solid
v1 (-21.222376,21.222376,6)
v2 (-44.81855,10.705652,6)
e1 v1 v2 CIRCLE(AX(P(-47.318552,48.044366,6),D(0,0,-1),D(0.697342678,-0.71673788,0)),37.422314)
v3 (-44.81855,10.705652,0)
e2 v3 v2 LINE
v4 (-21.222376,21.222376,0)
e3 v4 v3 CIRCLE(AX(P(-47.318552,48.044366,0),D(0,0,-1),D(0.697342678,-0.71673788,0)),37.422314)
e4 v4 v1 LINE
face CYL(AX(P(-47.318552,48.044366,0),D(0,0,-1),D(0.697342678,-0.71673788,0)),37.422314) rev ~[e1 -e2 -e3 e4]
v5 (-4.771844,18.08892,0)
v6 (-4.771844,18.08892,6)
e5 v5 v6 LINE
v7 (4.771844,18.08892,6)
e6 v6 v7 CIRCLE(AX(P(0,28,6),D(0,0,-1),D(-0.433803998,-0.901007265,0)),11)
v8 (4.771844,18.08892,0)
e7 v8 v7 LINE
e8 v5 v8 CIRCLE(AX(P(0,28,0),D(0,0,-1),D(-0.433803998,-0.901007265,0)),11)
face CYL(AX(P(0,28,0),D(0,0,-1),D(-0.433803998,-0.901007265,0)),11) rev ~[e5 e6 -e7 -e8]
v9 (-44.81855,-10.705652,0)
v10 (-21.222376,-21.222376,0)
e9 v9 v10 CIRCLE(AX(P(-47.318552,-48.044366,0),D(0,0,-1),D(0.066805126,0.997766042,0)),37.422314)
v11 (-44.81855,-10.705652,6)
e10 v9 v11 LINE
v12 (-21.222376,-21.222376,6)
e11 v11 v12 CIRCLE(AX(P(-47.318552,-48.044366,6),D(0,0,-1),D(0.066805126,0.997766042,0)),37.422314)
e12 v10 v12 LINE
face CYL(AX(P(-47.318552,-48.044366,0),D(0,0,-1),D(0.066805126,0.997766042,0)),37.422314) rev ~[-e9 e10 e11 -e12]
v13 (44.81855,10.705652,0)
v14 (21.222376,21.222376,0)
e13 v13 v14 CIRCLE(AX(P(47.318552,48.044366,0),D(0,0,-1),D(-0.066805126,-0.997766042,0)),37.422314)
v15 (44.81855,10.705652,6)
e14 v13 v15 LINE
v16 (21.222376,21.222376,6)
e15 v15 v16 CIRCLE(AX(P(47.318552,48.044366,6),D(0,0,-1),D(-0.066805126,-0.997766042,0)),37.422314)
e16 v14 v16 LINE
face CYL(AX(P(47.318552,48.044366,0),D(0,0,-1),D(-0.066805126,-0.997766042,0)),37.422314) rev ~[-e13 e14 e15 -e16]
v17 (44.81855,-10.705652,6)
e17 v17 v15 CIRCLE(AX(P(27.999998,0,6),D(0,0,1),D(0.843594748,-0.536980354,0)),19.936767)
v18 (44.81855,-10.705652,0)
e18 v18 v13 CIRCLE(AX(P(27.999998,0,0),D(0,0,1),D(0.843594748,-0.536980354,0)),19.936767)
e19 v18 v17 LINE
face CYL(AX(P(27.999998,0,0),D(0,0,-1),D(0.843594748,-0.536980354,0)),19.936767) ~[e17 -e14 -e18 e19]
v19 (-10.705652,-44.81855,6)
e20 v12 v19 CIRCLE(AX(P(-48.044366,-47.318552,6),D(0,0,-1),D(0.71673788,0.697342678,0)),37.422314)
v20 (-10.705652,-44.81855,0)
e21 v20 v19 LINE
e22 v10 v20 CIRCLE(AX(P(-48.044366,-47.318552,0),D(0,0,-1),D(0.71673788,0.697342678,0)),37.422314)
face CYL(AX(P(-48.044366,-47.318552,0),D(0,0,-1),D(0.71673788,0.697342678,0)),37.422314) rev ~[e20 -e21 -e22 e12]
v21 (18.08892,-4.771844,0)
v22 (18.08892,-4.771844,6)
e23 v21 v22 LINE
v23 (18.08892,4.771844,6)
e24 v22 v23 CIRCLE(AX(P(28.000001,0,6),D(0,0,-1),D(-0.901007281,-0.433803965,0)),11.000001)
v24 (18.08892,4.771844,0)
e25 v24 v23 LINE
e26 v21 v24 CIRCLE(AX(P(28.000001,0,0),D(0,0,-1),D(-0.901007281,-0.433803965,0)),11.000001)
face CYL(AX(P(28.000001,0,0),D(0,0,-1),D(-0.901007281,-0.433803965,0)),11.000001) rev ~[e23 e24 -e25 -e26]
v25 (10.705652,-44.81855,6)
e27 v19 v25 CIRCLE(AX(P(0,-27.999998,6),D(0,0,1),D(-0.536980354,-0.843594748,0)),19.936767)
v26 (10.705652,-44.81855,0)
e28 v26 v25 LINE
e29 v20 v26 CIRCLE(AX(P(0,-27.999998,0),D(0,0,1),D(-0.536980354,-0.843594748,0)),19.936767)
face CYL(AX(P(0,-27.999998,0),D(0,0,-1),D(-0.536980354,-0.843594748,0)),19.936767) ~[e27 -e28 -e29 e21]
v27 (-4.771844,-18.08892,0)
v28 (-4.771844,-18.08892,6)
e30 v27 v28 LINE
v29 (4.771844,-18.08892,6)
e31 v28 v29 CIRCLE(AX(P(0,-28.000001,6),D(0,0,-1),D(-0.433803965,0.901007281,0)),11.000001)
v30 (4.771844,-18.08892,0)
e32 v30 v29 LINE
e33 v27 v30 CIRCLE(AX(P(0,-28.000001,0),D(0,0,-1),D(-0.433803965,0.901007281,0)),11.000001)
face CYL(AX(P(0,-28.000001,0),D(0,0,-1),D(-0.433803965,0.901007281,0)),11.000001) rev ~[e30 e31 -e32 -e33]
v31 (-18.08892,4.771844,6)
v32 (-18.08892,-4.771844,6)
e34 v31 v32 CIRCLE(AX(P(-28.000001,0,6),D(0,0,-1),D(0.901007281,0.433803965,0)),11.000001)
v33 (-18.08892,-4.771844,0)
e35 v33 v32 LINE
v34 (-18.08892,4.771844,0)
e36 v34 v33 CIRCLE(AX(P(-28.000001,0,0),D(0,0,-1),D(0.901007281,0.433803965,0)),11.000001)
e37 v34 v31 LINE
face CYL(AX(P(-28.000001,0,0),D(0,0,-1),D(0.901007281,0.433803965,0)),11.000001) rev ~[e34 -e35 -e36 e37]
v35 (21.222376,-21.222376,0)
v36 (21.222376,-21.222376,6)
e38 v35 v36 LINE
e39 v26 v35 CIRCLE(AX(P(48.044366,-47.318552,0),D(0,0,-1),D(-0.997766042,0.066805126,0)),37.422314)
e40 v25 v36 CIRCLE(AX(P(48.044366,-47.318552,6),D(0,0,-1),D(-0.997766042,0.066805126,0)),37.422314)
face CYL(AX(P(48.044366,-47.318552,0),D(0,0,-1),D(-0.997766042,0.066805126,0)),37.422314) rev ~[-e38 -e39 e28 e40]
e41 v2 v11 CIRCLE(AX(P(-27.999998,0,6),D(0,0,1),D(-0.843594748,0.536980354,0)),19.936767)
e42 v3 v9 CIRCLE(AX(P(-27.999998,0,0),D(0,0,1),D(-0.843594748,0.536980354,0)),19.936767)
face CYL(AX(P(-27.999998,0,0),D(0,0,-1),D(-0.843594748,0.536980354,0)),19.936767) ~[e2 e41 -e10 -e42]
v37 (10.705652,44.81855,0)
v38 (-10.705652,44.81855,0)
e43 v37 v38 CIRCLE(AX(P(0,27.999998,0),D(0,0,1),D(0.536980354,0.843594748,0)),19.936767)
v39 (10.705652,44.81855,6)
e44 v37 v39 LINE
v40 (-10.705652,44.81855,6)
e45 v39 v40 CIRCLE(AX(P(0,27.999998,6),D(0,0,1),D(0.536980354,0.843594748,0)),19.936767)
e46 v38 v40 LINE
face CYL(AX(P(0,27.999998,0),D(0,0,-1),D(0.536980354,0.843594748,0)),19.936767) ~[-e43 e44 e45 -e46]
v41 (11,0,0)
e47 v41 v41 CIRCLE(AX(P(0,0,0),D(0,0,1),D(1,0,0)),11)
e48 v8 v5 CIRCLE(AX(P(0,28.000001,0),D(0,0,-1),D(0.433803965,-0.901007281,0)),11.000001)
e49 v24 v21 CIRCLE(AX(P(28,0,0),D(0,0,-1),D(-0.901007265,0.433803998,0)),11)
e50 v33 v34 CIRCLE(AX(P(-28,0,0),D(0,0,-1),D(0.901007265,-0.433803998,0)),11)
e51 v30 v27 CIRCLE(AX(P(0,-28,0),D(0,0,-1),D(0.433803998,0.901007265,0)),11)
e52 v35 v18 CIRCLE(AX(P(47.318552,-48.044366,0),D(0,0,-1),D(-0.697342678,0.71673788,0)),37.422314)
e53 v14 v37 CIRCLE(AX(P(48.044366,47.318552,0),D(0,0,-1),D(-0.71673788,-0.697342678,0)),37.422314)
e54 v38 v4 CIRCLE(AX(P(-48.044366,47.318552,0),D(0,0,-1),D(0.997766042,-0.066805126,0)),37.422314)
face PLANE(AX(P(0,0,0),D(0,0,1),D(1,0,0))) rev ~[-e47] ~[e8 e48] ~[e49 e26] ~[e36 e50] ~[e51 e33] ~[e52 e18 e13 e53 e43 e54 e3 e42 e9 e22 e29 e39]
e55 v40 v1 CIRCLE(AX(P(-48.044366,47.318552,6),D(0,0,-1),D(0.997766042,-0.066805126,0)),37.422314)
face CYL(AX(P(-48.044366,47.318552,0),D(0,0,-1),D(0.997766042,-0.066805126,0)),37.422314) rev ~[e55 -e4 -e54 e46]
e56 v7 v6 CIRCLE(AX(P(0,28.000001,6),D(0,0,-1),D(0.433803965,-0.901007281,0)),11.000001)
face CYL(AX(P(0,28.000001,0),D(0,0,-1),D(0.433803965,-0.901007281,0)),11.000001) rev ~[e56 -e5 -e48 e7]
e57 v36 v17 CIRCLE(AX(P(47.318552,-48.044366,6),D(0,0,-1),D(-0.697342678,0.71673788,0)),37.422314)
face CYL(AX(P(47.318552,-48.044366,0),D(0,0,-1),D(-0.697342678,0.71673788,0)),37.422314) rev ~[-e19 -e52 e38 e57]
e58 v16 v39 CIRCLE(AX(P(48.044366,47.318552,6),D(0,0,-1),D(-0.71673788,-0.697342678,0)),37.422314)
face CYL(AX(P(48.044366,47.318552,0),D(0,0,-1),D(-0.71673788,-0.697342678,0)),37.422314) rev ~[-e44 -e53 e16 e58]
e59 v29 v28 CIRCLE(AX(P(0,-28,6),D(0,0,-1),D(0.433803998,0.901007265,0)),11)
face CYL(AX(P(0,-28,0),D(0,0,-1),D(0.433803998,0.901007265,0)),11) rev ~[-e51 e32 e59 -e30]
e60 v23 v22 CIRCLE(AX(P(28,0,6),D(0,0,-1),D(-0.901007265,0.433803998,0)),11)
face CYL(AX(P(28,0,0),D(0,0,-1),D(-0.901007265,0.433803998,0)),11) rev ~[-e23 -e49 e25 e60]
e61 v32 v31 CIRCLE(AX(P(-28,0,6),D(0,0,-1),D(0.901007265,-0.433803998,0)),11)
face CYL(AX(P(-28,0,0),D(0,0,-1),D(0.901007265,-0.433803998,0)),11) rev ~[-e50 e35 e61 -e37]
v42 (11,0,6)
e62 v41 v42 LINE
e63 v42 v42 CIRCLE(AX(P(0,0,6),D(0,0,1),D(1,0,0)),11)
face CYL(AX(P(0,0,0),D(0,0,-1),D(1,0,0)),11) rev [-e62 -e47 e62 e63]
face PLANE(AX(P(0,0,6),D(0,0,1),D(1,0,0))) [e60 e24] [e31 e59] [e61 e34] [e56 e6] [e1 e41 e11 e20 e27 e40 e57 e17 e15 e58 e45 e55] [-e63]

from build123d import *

# Parameters (mm, degrees)
F0_R     = 11
F1_DEPTH = 6


with BuildPart() as f1:
    # F0 (on Top) → F1 (new body)
    with BuildSketch(Plane.XY):
        with BuildLine():
            ThreePointArc((-10.705652, 44.81855), (-13.863321, 32.084192), (-21.222376, 21.222376))
            ThreePointArc((-21.222376, 21.222376), (-32.084192, 13.863321), (-44.81855, 10.705652))
            ThreePointArc((-44.81855, 10.705652), (-47.936765, 0), (-44.81855, -10.705652))
            ThreePointArc((-44.81855, -10.705652), (-32.084192, -13.863321), (-21.222376, -21.222376))
            ThreePointArc((-21.222376, -21.222376), (-13.863321, -32.084192), (-10.705652, -44.81855))
            ThreePointArc((-10.705652, -44.81855), (0, -47.936765), (10.705652, -44.81855))
            ThreePointArc((10.705652, -44.81855), (13.863321, -32.084192), (21.222376, -21.222376))
            ThreePointArc((21.222376, -21.222376), (32.084192, -13.863321), (44.81855, -10.705652))
            ThreePointArc((44.81855, -10.705652), (47.936765, 0), (44.81855, 10.705652))
            ThreePointArc((44.81855, 10.705652), (32.084192, 13.863321), (21.222376, 21.222376))
            ThreePointArc((21.222376, 21.222376), (13.863321, 32.084192), (10.705652, 44.81855))
            ThreePointArc((10.705652, 44.81855), (0, 47.936765), (-10.705652, 44.81855))
        make_face()
        with BuildLine():
            ThreePointArc((4.771844, -18.08892), (0, -39), (-4.771844, -18.08892))
            ThreePointArc((-4.771844, -18.08892), (0, -17), (4.771844, -18.08892))
        make_face(mode=Mode.SUBTRACT)
        with BuildLine():
            ThreePointArc((18.08892, 4.771844), (39, 0), (18.08892, -4.771844))
            ThreePointArc((18.08892, -4.771844), (17, 0), (18.08892, 4.771844))
        make_face(mode=Mode.SUBTRACT)
        with BuildLine():
            ThreePointArc((-18.08892, -4.771844), (-39, 0), (-18.08892, 4.771844))
            ThreePointArc((-18.08892, 4.771844), (-17, 0), (-18.08892, -4.771844))
        make_face(mode=Mode.SUBTRACT)
        Circle(F0_R, mode=Mode.SUBTRACT)
        with BuildLine():
            ThreePointArc((-4.771844, 18.08892), (0, 39), (4.771844, 18.08892))
            ThreePointArc((4.771844, 18.08892), (0, 17), (-4.771844, 18.08892))
        make_face(mode=Mode.SUBTRACT)
    extrude(amount=F1_DEPTH)


solid = f1.part
